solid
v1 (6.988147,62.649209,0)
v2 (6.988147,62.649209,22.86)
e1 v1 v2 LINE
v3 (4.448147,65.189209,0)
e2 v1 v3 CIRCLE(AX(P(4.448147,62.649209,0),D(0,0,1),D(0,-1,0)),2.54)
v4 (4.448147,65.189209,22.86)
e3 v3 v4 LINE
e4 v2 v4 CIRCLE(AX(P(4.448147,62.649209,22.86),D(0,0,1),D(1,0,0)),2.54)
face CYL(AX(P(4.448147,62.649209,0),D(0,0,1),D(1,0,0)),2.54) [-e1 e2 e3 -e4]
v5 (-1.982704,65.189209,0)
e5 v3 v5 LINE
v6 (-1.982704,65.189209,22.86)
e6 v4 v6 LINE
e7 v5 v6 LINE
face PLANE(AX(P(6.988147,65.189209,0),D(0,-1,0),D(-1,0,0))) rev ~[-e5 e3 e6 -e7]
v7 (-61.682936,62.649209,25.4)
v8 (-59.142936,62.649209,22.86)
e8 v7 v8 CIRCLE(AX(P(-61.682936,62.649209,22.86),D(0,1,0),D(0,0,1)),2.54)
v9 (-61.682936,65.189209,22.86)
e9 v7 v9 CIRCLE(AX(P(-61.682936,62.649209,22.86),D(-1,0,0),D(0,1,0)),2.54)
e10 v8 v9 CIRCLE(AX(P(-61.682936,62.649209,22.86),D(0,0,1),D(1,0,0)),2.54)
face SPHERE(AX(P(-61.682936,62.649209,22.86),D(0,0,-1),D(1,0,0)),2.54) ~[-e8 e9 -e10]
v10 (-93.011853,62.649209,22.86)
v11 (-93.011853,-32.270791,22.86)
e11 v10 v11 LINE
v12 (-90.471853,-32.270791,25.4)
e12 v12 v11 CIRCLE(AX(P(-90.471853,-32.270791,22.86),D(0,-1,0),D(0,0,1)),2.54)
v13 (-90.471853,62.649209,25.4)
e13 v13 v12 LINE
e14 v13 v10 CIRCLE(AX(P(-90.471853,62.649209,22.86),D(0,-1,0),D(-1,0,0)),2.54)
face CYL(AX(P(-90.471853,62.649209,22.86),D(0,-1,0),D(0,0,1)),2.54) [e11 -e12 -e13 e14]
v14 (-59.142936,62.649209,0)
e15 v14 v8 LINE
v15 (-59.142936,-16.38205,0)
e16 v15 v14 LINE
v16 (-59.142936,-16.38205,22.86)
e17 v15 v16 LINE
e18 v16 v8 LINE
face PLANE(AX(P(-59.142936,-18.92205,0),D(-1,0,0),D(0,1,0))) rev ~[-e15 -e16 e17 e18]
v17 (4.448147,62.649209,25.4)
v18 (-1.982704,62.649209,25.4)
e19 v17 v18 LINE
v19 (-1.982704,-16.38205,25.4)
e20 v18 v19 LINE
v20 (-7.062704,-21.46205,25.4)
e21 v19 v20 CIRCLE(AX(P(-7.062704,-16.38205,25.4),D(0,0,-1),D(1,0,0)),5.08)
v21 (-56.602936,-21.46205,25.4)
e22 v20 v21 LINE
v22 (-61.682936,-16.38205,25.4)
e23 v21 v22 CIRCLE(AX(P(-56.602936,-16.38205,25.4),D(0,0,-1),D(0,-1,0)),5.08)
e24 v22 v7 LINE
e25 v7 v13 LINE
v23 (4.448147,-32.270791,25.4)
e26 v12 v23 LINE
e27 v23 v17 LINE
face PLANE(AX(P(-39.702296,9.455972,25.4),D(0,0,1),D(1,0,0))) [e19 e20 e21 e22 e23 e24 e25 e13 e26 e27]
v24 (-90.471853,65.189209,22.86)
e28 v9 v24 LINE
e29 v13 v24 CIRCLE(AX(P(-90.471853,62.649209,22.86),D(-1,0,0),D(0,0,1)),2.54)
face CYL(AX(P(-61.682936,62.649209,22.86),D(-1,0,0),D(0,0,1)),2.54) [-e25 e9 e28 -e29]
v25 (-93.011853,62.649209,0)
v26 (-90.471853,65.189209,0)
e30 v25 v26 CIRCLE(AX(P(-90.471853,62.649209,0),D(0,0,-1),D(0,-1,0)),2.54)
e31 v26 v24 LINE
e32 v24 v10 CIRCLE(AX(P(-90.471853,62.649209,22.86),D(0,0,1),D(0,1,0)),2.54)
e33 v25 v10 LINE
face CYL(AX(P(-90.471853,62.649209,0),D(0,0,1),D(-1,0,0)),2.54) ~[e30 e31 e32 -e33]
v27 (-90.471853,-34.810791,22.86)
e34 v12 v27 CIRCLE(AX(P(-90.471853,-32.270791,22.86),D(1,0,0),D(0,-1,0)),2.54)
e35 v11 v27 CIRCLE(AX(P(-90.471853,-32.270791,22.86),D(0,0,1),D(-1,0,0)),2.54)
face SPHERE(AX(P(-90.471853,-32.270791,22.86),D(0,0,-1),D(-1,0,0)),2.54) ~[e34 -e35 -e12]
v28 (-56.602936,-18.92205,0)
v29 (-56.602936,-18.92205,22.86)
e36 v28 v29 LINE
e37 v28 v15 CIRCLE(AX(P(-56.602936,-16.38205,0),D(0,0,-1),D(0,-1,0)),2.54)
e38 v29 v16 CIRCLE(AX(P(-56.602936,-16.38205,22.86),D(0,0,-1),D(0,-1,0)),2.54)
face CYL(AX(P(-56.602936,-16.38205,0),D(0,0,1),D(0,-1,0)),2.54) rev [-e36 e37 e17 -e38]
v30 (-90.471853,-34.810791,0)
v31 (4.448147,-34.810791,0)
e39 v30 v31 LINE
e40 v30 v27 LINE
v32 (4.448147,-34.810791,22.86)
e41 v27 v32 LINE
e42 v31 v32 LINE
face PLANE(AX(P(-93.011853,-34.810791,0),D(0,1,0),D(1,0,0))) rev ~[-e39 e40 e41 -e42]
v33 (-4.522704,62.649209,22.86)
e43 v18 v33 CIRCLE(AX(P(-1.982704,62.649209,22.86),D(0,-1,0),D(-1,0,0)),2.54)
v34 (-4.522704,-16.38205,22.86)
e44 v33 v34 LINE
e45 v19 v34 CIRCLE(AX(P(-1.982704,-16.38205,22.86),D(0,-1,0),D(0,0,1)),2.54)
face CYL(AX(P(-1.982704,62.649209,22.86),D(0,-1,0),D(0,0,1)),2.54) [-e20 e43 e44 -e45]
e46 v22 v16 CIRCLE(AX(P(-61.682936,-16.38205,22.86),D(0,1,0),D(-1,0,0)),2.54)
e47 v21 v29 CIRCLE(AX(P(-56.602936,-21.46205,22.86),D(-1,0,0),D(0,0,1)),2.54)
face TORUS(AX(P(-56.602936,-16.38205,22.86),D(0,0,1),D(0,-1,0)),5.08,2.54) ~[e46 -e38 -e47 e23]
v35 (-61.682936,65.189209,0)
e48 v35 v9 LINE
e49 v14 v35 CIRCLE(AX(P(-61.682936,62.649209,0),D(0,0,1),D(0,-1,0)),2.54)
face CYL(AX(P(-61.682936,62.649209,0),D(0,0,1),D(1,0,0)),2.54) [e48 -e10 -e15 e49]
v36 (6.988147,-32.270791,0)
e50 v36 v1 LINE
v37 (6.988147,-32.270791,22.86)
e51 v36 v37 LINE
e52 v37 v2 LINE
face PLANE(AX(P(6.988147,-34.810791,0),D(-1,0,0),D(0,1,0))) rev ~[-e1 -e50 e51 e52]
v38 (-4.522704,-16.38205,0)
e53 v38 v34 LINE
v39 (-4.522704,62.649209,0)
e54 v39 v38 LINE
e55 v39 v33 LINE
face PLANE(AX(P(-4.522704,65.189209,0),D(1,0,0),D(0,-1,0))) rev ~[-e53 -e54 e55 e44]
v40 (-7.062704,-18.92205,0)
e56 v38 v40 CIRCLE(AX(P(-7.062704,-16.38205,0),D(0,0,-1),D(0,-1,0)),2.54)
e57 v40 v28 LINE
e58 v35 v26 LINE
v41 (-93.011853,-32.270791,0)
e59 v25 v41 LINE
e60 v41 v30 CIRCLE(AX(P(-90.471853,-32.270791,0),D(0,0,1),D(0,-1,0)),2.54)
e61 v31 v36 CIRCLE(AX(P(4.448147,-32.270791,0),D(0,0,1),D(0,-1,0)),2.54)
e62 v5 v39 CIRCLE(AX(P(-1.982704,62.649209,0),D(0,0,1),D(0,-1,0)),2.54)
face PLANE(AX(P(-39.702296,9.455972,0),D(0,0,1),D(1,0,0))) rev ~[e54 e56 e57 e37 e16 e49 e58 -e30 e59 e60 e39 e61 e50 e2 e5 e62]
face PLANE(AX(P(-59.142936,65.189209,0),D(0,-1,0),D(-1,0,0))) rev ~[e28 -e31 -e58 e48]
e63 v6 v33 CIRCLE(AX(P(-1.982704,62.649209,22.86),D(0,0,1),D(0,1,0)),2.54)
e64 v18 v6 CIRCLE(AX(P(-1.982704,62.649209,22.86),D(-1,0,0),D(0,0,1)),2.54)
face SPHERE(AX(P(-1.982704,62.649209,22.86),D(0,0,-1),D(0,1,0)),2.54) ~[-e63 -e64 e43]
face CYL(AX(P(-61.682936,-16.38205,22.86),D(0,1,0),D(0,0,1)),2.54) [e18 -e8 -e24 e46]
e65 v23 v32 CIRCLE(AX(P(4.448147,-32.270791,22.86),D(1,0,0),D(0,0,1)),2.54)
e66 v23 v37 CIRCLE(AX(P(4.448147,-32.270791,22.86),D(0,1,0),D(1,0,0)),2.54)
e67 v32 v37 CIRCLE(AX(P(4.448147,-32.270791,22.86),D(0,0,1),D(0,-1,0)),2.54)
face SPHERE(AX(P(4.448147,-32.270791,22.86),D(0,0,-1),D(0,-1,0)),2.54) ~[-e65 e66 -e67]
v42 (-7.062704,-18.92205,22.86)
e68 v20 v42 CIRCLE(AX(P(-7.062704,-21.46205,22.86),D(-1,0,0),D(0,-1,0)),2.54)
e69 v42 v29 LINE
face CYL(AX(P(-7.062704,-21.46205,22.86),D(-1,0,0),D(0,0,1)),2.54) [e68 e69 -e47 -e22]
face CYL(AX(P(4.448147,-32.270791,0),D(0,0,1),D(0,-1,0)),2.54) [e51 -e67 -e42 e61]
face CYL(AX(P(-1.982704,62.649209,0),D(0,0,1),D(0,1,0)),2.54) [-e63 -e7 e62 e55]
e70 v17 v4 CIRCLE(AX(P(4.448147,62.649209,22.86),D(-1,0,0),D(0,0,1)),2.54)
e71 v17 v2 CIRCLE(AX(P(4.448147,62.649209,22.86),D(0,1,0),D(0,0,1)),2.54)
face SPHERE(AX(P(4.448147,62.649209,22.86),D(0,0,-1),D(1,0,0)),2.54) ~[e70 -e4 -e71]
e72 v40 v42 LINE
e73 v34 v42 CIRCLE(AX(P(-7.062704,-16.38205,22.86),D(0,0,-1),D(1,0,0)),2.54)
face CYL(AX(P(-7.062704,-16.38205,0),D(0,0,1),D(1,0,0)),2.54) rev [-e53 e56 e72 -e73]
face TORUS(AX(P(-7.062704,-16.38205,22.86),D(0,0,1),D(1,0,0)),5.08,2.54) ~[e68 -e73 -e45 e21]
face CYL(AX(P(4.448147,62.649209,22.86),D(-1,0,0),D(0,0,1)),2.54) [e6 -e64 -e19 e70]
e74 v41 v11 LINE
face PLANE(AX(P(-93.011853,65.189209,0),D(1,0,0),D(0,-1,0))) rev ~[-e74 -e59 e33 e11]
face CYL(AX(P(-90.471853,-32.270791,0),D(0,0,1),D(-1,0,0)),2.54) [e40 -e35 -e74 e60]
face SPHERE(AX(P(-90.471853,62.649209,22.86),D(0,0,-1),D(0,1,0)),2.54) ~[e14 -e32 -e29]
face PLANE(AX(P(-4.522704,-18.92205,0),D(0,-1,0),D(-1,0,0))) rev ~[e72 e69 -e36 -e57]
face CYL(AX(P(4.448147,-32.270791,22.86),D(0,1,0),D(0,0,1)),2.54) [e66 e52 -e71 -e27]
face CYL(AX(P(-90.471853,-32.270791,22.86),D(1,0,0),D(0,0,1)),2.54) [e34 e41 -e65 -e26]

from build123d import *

# Parameters (mm, degrees)
F1_DEPTH = 25.4
F2_R     = 2.54
F3_R     = 2.54


with BuildPart() as f1:
    # F0 (on Top) → F1 (new body)
    with BuildSketch(Plane.XY):
        Polygon((-93.011853, 65.189209), (-93.011853, -34.810791), (6.988147, -34.810791), (6.988147, 65.189209), (-4.522704, 65.189209), (-4.522704, -18.92205), (-59.142936, -18.92205), (-59.142936, 65.189209), align=None)
    extrude(amount=F1_DEPTH)

    # F2
    f2_edges = [f1.edges().sort_by_distance(p)[0] for p in [
        (-93.011853, -34.810791, 12.7),
        (6.988147, -34.810791, 12.7),
        (-4.522704, -18.92205, 12.7),
        (-59.142936, -18.92205, 12.7),
        (-59.142936, 65.189209, 12.7),
        (-93.011853, 65.189209, 12.7),
        (6.988147, 65.189209, 12.7),
        (-4.522704, 65.189209, 12.7),
    ]]
    fillet(f2_edges, radius=F2_R)

    # F3
    f3_edges = [f1.edges().sort_by_distance(p)[0] for p in [
        (1.232722, 65.189209, 25.4),
        (6.244199, 64.445261, 25.4),
        (-3.778755, 64.445261, 25.4),
        (6.988147, 15.189209, 25.4),
        (-4.522704, 23.13358, 25.4),
        (6.244199, -34.066842, 25.4),
        (-5.266652, -18.178101, 25.4),
        (-43.011853, -34.810791, 25.4),
        (-31.83282, -18.92205, 25.4),
        (-92.267904, -34.066842, 25.4),
        (-58.398987, -18.178101, 25.4),
        (-93.011853, 15.189209, 25.4),
        (-59.142936, 23.13358, 25.4),
        (-92.267904, 64.445261, 25.4),
        (-59.886885, 64.445261, 25.4),
        (-76.077394, 65.189209, 25.4),
    ]]
    fillet(f3_edges, radius=F3_R)


solid = f1.part
